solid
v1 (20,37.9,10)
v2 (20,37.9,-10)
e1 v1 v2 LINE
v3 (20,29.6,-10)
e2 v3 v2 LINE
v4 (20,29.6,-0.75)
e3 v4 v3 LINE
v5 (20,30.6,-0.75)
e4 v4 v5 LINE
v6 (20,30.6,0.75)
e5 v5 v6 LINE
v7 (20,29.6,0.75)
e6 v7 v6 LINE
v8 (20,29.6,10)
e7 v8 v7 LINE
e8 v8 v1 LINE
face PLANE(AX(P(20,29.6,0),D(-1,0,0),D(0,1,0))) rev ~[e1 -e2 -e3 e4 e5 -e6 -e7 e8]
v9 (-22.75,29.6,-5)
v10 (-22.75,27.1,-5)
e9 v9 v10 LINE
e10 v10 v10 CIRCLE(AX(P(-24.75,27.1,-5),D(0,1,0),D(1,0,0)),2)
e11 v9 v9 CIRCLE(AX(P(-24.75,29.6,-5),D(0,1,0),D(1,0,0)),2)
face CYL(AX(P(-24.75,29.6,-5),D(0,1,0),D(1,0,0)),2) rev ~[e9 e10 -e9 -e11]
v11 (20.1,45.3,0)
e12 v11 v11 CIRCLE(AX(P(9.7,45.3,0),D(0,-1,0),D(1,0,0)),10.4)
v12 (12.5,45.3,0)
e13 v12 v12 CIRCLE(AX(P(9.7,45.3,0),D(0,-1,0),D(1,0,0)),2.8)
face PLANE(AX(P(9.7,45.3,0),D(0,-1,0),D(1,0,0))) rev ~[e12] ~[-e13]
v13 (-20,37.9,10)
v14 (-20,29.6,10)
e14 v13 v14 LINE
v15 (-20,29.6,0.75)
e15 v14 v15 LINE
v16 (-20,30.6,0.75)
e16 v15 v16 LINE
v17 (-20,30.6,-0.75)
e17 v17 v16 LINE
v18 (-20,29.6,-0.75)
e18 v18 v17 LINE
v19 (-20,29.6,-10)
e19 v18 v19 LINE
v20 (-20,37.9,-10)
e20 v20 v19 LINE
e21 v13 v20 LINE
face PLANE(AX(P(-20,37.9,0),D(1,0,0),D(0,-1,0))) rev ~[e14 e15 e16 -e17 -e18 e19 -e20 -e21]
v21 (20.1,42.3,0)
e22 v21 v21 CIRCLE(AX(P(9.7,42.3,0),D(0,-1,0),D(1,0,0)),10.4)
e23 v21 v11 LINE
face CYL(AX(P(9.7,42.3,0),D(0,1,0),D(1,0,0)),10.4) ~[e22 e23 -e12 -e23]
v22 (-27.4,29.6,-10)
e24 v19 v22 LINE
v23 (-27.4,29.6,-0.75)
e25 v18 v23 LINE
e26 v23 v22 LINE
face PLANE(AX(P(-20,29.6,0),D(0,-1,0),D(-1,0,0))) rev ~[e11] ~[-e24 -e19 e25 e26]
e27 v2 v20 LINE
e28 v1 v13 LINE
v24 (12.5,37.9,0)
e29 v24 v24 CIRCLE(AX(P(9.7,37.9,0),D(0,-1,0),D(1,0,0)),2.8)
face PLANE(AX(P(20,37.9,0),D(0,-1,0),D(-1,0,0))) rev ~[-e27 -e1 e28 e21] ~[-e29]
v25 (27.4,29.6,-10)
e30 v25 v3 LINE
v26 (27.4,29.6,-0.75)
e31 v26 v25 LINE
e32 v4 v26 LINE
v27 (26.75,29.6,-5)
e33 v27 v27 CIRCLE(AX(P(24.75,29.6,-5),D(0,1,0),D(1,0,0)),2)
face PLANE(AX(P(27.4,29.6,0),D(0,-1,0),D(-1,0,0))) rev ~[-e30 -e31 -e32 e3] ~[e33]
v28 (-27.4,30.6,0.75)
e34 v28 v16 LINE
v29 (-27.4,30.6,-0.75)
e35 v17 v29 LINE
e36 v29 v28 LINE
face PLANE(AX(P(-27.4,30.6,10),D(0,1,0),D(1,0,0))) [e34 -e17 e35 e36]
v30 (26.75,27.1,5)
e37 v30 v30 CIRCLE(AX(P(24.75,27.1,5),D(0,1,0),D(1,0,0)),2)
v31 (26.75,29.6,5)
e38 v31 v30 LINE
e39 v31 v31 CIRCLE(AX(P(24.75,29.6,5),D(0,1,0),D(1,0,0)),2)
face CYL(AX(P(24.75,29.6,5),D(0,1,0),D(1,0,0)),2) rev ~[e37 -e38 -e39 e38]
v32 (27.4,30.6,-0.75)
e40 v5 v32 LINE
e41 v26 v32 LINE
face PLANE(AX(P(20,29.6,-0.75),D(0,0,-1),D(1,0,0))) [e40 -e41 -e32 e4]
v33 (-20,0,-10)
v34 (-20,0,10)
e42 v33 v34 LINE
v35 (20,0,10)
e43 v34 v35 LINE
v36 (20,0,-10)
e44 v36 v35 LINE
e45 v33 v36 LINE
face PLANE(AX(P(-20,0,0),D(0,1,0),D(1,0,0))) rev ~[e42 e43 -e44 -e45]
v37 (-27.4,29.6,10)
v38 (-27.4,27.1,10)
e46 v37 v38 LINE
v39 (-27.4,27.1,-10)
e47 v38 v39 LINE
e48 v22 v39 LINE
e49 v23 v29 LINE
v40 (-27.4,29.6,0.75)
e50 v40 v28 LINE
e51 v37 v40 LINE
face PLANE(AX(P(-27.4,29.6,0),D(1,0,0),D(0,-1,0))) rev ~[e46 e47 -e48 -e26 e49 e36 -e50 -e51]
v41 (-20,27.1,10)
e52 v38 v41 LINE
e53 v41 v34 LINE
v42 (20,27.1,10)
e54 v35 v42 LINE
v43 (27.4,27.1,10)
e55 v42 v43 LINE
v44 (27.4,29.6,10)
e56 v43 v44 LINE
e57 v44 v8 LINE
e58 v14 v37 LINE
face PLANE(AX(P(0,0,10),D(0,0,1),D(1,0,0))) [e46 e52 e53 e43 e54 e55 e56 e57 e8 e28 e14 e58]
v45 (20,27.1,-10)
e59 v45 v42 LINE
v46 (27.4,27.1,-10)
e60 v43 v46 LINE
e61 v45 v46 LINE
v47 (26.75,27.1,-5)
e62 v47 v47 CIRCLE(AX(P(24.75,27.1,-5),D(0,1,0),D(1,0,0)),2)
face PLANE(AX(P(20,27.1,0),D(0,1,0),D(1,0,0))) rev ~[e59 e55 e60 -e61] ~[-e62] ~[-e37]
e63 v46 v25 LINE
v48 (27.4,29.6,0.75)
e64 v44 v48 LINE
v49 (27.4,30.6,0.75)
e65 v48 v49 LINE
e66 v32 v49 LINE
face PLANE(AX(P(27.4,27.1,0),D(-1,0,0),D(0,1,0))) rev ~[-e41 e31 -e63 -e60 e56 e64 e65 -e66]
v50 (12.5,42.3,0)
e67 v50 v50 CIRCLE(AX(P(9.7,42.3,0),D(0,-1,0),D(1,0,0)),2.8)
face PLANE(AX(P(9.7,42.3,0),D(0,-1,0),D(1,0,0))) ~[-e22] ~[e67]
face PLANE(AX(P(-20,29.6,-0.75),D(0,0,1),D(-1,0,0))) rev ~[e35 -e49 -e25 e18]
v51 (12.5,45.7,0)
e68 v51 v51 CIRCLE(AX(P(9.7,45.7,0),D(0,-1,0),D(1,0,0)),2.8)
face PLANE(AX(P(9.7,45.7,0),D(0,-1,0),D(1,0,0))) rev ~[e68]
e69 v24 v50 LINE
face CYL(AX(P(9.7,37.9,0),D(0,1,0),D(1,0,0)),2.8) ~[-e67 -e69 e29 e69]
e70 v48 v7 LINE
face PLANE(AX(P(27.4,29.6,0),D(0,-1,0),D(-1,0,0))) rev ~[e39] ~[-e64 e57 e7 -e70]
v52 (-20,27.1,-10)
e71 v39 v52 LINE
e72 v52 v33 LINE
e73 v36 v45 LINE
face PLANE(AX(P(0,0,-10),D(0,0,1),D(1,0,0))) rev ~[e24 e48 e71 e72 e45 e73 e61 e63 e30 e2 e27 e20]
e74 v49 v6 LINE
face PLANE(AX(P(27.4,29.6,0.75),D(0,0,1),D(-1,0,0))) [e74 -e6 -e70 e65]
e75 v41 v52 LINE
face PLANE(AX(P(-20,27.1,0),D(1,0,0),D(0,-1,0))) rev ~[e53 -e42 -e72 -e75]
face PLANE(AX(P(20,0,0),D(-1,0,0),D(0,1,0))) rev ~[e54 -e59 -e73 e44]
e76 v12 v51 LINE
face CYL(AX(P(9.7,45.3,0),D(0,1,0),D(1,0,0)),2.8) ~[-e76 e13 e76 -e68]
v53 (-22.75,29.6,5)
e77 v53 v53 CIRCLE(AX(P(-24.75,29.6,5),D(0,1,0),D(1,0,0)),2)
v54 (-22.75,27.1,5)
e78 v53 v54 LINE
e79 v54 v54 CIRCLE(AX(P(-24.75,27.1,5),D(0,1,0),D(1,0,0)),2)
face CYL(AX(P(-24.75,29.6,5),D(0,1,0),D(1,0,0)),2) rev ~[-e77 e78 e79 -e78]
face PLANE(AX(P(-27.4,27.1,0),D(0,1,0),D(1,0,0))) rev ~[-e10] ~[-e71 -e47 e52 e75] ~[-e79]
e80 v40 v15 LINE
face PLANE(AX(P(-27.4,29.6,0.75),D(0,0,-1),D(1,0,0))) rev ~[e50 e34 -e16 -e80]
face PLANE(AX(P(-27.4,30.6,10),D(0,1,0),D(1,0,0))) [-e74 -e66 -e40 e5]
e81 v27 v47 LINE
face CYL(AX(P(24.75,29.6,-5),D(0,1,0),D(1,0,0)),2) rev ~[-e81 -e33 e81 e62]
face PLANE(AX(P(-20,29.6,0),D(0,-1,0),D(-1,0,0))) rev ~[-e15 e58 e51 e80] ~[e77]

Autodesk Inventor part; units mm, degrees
ref_plane "YZ Plane" through (0, 0, 0) normal (1, 0, 0) x (0, 1, 0)
ref_plane "XZ Plane" through (0, 0, 0) normal (0, 1, 0) x (-1, 0, 0)
ref_plane "XY Plane" through (0, 0, 0) normal (0, 0, 1) x (1, 0, 0)
sketch "Sketch1" plane through (0, 0, 0) normal (0, 0, 1) x (1, 0, 0)
  line L0 (-20, 0) -> (20, 0)
  line L1 (20, 0) -> (20, 27.1)
  line L2 (20, 27.1) -> (27.4, 27.1)
  line L3 (27.4, 27.1) -> (27.4, 29.6)
  line L4 (27.4, 29.6) -> (20, 29.6)
  line L5 (20, 29.6) -> (20, 37.9)
  line L6 (20, 37.9) -> (-20, 37.9)
  line L7 (-20, 37.9) -> (-20, 29.6)
  line L8 (-20, 29.6) -> (-27.4, 29.6)
  line L9 (-27.4, 29.6) -> (-27.4, 27.1)
  line L10 (-27.4, 27.1) -> (-20, 27.1)
  line L11 (-20, 27.1) -> (-20, 0)
  point P0 (0, 0)
  point P1 (0, 0)
  dimension "d0" = 40
  dimension "d1" = 27.1
  dimension "d2" = 7.4
  dimension "d3" = 2.5
  dimension "d4" = 8.3
  dimension "d5" = 7.4
extrude "Extrusion1" add sketch "Sketch1" along normal mid plane 20
sketch "Sketch4" plane through (0, 0, 0) normal (0, 0, 1) x (1, 0, 0)
  line L0 (20, 37.9) -> (-20, 37.9) projected
  line L1 (12.5, 37.9) -> (12.5, 42.3)
  line L2 (12.5, 42.3) -> (20.1, 42.3)
  line L3 (20.1, 42.3) -> (20.1, 45.3)
  line L4 (20.1, 45.3) -> (12.5, 45.3)
  line L5 (12.5, 45.3) -> (12.5, 45.7)
  line L6 (12.5, 45.7) -> (9.7, 45.7)
  line L7 (12.5, 37.9) -> (9.7, 37.9)
  line L8 (9.7, 45.7) -> (9.7, 37.9)
  point P0 (0, 0)
  point P1 (0, 37.9)
  dimension "d10" = 9.7
  dimension "d11" = 0.4
  dimension "d12" = 10.4
  dimension "d13" = 2.8
  dimension "d14" = 4.4
  dimension "d15" = 3
revolve "Revolution1" add sketch "Sketch4" angle 360 about axis through (9.7, 45.7, 0) along (0, -1, 0)
sketch "Sketch5" plane through (-27.4, 29.6, 10) normal (0, 1, 0) x (1, 0, 0)
  circle A0 centre (2.65, 15) radius 2
  line L0 (0, 20) -> (0, 0) projected
  line L1 (7.4, 0) -> (0, 0) projected
  line L2 (7.4, 20) -> (7.4, 0) projected
  line L3 (0, 20) -> (7.4, 20) projected
  line L4 (47.4, 20) -> (47.4, 0) projected
  line L5 (54.8, 0) -> (47.4, 0) projected
  line L6 (54.8, 20) -> (54.8, 0) projected
  line L7 (47.4, 20) -> (54.8, 20) projected
  line L8 (7.4, 20) -> (47.4, 20) projected
  line L9 (27.4, 20) -> (27.4, 0) construction
  line L10 (7.4, 0) -> (47.4, 0) projected
  line L11 (0, 20) -> (0, 0) projected
  line L12 (0, 10) -> (54.8, 10) construction
  line L13 (54.8, 20) -> (54.8, 0) projected
  circle A1 centre (2.65, 5) radius 2
  circle A2 centre (52.15, 15) radius 2
  circle A3 centre (52.15, 5) radius 2
  line L14 (7.4, 0) -> (7.4, 20) projected
  line L15 (7.4, 10.75) -> (0, 10.75)
  line L16 (0, 10.75) -> (0, 9.25)
  line L17 (0, 9.25) -> (7.4, 9.25)
  line L18 (7.4, 9.25) -> (7.4, 10.75)
  line L19 (47.4, 10.75) -> (54.8, 10.75)
  line L20 (54.8, 10.75) -> (54.8, 9.25)
  line L21 (54.8, 9.25) -> (47.4, 9.25)
  line L22 (47.4, 9.25) -> (47.4, 10.75)
  point P0 (27.4, 10)
  dimension "d17" = 4
  dimension "d18" = 10
  dimension "d19" = 49.5
  dimension "d22" = 7.4
  dimension "d23" = 1.5
extrude "Extrusion2" cut sketch "Sketch5" against normal up to next contours A0 | A1 | A2 | A3
extrude "Extrusion3" add sketch "Sketch5" along normal blind 1 contours L15 L2 L17 L0 | L19 L6 L21 L4
sketch "Sketch6" plane through (-20, 0, 10) normal (0, -1, 0) x (1, 0, 0)
  line L0 (0, 0) -> (0, -20) construction
  line L1 (0, -10) -> (40, -10) construction
  line L2 (40, -20) -> (40, 0) construction
  line L3 (40, 0) -> (0, 0) construction
  line L4 (20, 0) -> (20, -20) construction
  line L5 (0, -20) -> (40, -20) construction
  line L6 (40, 0) -> (0, 0) construction
  line L7 (0, 0) -> (0, -20) construction
  line L8 (0, -20) -> (40, -20) construction
  line L9 (40, -20) -> (40, 0) construction
  circle A0 centre (29.7, -10) radius 2.8 projected
  circle A1 centre (-4.75, -5) radius 2 projected
  circle A2 centre (-4.75, -15) radius 2 projected
  circle A3 centre (44.75, -15) radius 2 projected
  circle A4 centre (44.75, -5) radius 2 projected
  point P0 (20, -10)
  point P1 (29.7, -10)
properties part number "FS5106B_servo"
